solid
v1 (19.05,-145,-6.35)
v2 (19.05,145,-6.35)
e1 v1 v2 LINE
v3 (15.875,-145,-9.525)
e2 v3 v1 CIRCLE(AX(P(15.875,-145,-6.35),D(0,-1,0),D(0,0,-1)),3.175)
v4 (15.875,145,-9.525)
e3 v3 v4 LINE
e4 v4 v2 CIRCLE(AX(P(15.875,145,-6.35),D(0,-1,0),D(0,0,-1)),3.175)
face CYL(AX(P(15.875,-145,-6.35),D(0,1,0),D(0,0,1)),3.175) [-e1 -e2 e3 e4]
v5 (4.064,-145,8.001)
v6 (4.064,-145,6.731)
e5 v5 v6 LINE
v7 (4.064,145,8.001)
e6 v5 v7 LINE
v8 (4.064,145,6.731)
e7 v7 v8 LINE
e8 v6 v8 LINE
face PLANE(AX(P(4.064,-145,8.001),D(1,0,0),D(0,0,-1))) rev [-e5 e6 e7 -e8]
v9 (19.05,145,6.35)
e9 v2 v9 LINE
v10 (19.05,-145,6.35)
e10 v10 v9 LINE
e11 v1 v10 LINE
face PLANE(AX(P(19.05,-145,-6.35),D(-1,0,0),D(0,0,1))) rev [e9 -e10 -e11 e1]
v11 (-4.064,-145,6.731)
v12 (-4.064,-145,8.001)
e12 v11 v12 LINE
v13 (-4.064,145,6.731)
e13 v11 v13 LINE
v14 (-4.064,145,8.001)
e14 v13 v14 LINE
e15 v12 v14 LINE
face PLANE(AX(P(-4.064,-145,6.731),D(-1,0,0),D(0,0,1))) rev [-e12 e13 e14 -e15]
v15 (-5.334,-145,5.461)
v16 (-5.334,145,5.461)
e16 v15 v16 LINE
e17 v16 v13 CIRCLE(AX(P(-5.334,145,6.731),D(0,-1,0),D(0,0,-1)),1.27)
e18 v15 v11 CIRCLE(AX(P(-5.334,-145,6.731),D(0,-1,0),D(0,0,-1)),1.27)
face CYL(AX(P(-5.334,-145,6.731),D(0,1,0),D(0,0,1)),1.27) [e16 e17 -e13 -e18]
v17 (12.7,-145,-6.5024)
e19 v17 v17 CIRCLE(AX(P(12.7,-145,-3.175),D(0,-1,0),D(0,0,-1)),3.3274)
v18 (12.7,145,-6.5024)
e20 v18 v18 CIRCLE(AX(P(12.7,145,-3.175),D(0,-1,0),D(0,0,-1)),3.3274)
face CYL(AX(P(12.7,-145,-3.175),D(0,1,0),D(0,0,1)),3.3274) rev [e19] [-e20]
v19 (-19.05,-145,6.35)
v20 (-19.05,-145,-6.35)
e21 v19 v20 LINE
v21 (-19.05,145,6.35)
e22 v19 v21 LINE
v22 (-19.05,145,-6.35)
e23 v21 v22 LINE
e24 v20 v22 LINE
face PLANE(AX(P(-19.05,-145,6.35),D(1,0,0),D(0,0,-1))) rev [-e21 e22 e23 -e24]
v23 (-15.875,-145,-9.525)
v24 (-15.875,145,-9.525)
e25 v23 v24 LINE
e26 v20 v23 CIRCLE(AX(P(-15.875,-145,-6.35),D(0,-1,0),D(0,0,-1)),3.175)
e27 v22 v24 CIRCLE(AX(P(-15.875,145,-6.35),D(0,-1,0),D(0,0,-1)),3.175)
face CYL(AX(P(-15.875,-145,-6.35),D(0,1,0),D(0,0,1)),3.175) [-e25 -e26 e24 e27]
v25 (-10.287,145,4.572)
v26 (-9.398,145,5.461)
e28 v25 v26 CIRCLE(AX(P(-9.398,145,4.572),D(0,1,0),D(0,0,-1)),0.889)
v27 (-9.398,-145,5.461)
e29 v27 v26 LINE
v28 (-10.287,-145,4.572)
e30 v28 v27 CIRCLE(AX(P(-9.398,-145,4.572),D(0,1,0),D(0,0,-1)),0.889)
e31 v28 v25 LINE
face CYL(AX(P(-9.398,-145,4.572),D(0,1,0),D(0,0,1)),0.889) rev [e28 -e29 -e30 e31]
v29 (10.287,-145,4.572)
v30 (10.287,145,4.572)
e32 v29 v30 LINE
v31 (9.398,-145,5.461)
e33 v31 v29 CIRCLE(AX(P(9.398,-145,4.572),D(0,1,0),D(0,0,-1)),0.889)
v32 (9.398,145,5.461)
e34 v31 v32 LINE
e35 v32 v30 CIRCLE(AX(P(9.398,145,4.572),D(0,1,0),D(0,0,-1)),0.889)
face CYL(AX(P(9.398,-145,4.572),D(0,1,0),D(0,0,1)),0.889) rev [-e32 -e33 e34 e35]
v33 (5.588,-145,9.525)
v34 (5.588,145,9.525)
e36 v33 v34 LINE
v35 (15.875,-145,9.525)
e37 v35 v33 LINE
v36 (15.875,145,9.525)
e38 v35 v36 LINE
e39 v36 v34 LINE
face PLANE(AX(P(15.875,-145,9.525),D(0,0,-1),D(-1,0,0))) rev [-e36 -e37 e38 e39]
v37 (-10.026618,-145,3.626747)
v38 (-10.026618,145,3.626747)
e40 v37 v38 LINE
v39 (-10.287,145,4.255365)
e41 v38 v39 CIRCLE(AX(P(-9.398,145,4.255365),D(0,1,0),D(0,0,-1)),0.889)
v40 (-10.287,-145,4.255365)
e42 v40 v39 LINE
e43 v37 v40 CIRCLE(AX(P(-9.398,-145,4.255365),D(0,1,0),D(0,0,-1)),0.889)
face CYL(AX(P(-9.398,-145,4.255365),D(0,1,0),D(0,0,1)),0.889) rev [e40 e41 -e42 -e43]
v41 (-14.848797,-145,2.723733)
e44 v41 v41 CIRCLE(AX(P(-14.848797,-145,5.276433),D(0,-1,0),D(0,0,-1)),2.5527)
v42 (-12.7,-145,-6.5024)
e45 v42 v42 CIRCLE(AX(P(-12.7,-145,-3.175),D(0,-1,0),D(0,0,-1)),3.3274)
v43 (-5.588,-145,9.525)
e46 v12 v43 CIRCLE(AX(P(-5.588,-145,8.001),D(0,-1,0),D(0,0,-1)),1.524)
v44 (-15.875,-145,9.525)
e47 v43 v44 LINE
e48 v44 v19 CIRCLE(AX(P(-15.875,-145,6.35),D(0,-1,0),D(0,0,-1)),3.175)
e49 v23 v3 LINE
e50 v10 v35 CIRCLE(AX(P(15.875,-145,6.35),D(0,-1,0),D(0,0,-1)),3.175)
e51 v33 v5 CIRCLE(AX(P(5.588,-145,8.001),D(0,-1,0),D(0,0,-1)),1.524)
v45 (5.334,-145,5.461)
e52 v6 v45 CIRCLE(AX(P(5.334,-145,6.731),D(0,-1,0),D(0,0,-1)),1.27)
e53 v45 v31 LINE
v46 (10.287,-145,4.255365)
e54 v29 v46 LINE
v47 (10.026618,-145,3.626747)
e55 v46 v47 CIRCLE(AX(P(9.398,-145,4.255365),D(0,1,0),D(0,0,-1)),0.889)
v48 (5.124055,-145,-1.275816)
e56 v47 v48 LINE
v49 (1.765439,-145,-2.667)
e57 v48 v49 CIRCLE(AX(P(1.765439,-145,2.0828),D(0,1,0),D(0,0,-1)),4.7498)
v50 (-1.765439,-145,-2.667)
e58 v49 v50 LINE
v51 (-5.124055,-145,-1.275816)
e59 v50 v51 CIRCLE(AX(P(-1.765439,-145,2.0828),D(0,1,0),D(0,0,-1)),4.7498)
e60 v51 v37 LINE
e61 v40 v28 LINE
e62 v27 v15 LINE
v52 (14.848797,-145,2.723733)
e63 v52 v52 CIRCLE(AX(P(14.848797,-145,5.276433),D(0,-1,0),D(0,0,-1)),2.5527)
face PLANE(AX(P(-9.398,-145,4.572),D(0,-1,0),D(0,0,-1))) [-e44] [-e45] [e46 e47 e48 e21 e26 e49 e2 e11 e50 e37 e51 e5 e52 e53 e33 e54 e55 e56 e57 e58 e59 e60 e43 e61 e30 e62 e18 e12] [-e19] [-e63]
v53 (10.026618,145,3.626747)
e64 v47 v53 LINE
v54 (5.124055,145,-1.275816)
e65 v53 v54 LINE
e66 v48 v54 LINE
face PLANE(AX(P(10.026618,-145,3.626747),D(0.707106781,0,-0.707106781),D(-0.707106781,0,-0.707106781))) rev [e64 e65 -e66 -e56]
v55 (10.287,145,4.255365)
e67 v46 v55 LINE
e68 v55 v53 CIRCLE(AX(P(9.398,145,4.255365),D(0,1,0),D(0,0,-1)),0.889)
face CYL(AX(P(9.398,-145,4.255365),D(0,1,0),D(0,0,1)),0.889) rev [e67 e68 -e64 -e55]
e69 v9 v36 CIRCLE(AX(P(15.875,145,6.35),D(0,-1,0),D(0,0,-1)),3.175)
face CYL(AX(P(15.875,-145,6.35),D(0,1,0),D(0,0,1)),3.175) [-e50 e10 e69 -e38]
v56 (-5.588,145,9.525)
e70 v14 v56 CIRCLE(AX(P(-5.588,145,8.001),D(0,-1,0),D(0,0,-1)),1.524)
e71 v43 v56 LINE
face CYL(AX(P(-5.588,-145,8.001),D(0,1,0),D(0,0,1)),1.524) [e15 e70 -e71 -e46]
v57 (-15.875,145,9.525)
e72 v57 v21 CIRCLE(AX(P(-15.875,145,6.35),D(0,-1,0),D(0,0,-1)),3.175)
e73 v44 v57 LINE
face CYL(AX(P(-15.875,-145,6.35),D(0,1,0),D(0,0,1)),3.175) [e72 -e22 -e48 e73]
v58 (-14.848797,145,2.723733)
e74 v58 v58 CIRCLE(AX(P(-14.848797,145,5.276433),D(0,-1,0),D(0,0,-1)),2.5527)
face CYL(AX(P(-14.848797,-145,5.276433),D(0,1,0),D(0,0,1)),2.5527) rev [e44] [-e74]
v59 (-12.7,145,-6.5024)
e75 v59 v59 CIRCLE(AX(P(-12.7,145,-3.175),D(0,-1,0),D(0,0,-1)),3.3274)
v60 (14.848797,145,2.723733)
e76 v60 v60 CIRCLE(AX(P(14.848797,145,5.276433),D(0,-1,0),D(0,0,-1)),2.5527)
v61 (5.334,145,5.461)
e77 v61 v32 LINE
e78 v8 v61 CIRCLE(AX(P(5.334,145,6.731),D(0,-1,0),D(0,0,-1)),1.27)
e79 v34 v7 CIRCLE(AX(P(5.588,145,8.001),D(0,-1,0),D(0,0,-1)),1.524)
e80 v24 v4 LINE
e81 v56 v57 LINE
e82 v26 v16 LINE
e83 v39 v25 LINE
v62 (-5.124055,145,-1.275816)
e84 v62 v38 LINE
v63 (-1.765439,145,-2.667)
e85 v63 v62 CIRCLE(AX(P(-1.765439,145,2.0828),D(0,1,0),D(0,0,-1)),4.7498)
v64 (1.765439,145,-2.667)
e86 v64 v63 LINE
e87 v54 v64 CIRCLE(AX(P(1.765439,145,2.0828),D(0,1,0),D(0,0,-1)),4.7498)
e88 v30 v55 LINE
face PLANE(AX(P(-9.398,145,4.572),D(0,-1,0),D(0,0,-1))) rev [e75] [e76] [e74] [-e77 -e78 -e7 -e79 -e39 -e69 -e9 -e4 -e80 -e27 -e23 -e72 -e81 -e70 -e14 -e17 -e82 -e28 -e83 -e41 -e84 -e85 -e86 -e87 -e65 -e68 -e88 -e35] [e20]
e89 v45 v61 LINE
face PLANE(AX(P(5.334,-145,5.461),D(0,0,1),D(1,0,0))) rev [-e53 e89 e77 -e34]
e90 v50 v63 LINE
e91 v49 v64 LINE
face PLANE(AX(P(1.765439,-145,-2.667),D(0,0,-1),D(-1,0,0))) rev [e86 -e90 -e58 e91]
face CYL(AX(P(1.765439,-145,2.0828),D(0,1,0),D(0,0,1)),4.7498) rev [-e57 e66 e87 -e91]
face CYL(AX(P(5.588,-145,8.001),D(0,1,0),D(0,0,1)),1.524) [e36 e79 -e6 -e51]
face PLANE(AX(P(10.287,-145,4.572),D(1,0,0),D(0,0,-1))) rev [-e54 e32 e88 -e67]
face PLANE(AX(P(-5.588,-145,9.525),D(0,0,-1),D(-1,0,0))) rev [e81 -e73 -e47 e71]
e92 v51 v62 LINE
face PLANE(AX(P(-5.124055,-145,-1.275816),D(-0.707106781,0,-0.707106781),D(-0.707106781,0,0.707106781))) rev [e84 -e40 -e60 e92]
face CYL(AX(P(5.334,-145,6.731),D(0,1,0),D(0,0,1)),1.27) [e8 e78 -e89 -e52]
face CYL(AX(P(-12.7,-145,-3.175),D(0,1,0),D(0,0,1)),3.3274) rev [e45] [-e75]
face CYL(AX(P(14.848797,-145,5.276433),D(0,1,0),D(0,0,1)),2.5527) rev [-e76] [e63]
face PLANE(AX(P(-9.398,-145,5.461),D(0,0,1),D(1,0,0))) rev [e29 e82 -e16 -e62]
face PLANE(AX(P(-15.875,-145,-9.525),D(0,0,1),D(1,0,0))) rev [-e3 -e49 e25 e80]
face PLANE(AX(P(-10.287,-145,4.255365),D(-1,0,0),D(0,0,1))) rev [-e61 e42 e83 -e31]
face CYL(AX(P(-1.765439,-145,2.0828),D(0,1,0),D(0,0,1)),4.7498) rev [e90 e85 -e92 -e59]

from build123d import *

# Parameters (mm, degrees)
SKETCH16_R                = 3.3274
SKETCH16_R_2              = 2.5527
F_15_1575_PROFILE_1_DEPTH = 290


with BuildPart() as part:
    # Sketch16 → 15 1575 PROFILE(1) (new body)
    with BuildSketch(Plane.XZ.offset(-145)):
        with BuildLine():
            Line((-9.398, 5.461), (-5.334, 5.461))
            ThreePointArc((-5.334, 5.461), (-4.435974388, 5.832974388), (-4.064, 6.731))
            Line((-4.064, 6.731), (-4.064, 8.001))
            ThreePointArc((-4.064, 8.001), (-4.510369265, 9.078630735), (-5.588, 9.525))
            Line((-5.588, 9.525), (-15.875, 9.525))
            ThreePointArc((-15.875, 9.525), (-18.12006403, 8.59506403), (-19.05, 6.35))
            Line((-19.05, 6.35), (-19.05, -6.35))
            ThreePointArc((-19.05, -6.35), (-18.12006403, -8.59506403), (-15.875, -9.525))
            Line((-15.875, -9.525), (15.875, -9.525))
            ThreePointArc((15.875, -9.525), (18.12006403, -8.59506403), (19.05, -6.35))
            Line((19.05, -6.35), (19.05, 6.35))
            ThreePointArc((19.05, 6.35), (18.12006403, 8.59506403), (15.875, 9.525))
            Line((15.875, 9.525), (5.588, 9.525))
            ThreePointArc((5.588, 9.525), (4.510369265, 9.078630735), (4.064, 8.001))
            Line((4.064, 8.001), (4.064, 6.731))
            ThreePointArc((4.064, 6.731), (4.435974388, 5.832974388), (5.334, 5.461))
            Line((5.334, 5.461), (9.398, 5.461))
            ThreePointArc((9.398, 5.461), (10.026617928, 5.200617928), (10.287, 4.572))
            Line((10.287, 4.572), (10.287, 4.255364987))
            ThreePointArc((10.287, 4.255364987), (10.219328904, 3.915159416), (10.026617928, 3.626747059))
            Line((10.026617928, 3.626747059), (5.124055081, -1.275815789))
            ThreePointArc((5.124055081, -1.275815789), (3.583109058, -2.305443004), (1.765439291, -2.667))
            Line((1.765439291, -2.667), (-1.765439291, -2.667))
            ThreePointArc((-1.765439291, -2.667), (-3.583109058, -2.305443004), (-5.124055081, -1.275815789))
            Line((-5.124055081, -1.275815789), (-10.026617928, 3.626747059))
            ThreePointArc((-10.026617928, 3.626747059), (-10.219328904, 3.915159416), (-10.287, 4.255364987))
            Line((-10.287, 4.255364987), (-10.287, 4.572))
            ThreePointArc((-10.287, 4.572), (-10.026617928, 5.200617928), (-9.398, 5.461))
        make_face()
        with Locations((-12.7, -3.175)):
            Circle(SKETCH16_R, mode=Mode.SUBTRACT)
        with Locations((-14.848796959, 5.276432773)):
            Circle(SKETCH16_R_2, mode=Mode.SUBTRACT)
        with Locations((12.7, -3.175)):
            Circle(SKETCH16_R, mode=Mode.SUBTRACT)
        with Locations((14.848796959, 5.276432773)):
            Circle(SKETCH16_R_2, mode=Mode.SUBTRACT)
    extrude(amount=F_15_1575_PROFILE_1_DEPTH)


solid = part.part
